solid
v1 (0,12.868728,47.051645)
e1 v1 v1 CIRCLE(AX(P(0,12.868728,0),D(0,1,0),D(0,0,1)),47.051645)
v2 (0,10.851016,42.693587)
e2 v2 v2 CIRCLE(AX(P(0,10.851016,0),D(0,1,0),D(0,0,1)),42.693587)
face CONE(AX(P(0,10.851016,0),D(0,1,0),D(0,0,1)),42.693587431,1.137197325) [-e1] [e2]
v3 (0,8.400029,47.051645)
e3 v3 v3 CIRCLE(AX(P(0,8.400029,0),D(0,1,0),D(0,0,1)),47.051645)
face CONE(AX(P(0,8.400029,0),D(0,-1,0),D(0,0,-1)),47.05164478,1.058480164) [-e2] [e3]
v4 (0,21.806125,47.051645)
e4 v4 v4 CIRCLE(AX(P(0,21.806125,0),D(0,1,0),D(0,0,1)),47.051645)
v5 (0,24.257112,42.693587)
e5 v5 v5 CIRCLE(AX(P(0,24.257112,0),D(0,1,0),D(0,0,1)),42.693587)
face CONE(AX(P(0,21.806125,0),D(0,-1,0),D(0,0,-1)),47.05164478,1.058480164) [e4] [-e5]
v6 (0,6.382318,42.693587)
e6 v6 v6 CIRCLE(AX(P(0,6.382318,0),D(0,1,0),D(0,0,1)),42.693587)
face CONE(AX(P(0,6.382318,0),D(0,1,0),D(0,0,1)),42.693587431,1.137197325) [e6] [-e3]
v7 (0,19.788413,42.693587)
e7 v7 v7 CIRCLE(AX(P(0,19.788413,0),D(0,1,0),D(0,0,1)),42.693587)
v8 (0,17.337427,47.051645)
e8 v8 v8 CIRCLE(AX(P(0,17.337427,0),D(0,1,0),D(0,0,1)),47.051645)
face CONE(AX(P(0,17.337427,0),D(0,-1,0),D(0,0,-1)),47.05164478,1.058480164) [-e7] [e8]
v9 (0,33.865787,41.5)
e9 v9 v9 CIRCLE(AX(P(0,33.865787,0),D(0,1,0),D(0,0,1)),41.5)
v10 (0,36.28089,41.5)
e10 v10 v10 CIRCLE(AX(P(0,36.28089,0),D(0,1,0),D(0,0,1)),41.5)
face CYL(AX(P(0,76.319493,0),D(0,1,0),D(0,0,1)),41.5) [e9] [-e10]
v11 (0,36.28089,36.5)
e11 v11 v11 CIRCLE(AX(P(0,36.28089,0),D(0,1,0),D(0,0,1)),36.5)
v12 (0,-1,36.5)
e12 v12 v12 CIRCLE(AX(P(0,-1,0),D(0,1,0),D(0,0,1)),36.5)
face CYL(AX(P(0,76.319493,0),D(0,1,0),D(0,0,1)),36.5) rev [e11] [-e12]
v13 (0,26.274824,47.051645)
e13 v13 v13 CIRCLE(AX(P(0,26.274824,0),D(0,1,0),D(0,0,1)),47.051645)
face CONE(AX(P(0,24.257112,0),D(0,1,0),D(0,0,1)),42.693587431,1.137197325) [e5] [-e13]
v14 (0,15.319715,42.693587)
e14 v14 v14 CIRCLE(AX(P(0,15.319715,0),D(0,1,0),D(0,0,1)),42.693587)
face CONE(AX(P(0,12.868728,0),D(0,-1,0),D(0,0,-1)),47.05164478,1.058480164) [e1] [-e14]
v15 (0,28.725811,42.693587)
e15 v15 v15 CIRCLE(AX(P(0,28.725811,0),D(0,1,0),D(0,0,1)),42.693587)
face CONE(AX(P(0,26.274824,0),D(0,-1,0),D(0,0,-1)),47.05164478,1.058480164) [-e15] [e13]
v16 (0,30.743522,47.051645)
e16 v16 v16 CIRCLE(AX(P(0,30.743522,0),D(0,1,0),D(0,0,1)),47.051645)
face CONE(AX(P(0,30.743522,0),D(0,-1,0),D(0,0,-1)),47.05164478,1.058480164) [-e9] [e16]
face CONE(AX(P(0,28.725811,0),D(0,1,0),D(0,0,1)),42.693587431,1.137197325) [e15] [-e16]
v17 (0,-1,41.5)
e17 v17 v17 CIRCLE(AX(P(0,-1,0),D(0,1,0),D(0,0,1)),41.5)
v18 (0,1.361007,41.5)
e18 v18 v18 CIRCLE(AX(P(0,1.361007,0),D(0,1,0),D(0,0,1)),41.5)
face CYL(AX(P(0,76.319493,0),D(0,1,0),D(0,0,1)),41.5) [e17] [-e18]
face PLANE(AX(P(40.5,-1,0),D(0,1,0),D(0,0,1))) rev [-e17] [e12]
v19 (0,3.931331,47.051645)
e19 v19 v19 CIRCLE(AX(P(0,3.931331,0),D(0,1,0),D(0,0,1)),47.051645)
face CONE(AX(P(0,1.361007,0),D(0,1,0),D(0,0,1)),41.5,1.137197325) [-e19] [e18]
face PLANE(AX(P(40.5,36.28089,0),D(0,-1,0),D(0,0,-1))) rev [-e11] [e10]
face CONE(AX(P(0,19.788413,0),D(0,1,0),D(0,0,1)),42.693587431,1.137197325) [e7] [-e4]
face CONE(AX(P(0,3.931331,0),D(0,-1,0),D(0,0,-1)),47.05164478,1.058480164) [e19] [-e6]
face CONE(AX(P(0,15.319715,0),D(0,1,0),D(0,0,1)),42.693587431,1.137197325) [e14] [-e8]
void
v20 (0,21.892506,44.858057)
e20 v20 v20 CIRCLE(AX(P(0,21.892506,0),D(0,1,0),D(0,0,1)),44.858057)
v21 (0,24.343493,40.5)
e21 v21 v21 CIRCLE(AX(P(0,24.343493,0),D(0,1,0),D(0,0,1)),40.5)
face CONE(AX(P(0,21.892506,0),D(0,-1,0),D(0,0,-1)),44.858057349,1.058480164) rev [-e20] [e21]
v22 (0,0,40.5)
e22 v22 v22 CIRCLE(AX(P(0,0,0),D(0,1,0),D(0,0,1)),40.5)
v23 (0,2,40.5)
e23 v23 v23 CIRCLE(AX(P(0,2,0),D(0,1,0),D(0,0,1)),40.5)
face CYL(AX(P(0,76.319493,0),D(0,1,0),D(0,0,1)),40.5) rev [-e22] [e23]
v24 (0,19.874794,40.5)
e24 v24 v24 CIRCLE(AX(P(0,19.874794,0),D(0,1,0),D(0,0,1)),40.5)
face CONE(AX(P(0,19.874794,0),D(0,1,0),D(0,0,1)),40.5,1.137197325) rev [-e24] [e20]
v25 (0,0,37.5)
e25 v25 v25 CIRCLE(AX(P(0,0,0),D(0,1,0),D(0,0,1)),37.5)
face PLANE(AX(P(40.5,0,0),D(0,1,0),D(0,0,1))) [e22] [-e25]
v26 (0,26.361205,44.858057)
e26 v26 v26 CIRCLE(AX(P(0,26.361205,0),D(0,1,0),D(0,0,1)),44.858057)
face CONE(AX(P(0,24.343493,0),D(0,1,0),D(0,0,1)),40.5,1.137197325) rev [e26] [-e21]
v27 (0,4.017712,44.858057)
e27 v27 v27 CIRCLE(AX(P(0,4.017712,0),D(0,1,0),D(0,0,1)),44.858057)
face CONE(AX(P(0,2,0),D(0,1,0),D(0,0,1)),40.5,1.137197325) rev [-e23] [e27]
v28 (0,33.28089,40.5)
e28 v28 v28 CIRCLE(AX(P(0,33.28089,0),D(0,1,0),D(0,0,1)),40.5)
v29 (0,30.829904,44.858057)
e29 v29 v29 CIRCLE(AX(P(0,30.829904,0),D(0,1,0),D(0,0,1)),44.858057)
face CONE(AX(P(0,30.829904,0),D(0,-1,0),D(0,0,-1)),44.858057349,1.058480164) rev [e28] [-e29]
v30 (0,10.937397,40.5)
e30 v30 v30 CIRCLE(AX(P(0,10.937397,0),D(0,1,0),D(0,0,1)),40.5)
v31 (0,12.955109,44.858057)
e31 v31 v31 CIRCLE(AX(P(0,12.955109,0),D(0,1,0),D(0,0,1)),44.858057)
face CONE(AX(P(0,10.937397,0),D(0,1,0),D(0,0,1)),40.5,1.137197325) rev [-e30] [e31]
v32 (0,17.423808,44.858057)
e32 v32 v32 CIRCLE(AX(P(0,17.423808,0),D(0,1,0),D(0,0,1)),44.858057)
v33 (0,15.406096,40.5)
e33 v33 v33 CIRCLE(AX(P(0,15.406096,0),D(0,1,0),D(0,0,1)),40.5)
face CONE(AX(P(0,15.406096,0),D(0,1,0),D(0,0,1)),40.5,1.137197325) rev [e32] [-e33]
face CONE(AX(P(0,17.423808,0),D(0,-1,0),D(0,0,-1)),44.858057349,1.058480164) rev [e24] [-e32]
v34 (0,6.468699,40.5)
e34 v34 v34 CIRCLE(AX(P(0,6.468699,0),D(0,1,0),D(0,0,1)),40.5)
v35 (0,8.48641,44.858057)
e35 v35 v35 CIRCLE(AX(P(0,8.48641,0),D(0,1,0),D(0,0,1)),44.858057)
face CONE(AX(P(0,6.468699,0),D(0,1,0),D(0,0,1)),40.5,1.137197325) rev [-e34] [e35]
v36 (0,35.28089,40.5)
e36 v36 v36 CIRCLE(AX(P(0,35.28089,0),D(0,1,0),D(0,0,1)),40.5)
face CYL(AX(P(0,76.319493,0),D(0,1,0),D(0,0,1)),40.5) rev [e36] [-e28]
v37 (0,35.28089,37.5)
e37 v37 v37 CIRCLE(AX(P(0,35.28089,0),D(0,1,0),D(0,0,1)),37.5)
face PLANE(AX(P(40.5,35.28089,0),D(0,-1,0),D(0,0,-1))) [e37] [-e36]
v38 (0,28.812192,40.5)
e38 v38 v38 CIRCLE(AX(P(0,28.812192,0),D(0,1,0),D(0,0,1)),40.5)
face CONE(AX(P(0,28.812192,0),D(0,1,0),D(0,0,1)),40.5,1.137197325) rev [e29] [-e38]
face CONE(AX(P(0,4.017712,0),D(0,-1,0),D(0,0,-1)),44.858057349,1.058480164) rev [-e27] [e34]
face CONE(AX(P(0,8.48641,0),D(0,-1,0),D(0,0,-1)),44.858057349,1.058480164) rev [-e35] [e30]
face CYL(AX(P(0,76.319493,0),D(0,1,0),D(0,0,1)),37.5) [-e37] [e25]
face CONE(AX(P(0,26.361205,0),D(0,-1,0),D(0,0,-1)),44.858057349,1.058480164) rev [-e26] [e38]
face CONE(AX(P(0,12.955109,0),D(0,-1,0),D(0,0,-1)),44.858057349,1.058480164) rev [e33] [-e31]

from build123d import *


with BuildPart() as part:
    # Sketch1 → Revolve-Thin1 (revolve)
    with BuildSketch(Plane.XY, mode=Mode.PRIVATE) as revolve_thin1_sk:
        Polygon((36.5, -1), (41.5, -1), (41.5, 1.36100674), (47.05164478, 3.931330757), (42.693587431, 6.382317526), (47.05164478, 8.400029378), (42.693587431, 10.851016147), (47.05164478, 12.868728), (42.693587431, 15.319714769), (47.05164478, 17.337426622), (42.693587431, 19.788413391), (47.05164478, 21.806125243), (42.693587431, 24.257112012), (47.05164478, 26.274823865), (42.693587431, 28.725810634), (47.05164478, 30.743522486), (41.5, 33.865787021), (41.5, 36.280890351), (36.5, 36.280890351), align=None)
        Polygon((37.5, 0), (40.5, 0), (40.5, 2), (44.858057349, 4.017711853), (40.5, 6.468698622), (44.858057349, 8.486410474), (40.5, 10.937397243), (44.858057349, 12.955109096), (40.5, 15.406095865), (44.858057349, 17.423807717), (40.5, 19.874794486), (44.858057349, 21.892506339), (40.5, 24.343493108), (44.858057349, 26.36120496), (40.5, 28.812191729), (44.858057349, 30.829903582), (40.5, 33.280890351), (40.5, 35.280890351), (37.5, 35.280890351), align=None, mode=Mode.SUBTRACT)
    revolve(revolve_thin1_sk.sketch.rotate(Axis((0, 76.319492769, 0), (0, -1, 0)), 90), axis=Axis((0, 76.319492769, 0), (0, -1, 0)))


solid = part.part
